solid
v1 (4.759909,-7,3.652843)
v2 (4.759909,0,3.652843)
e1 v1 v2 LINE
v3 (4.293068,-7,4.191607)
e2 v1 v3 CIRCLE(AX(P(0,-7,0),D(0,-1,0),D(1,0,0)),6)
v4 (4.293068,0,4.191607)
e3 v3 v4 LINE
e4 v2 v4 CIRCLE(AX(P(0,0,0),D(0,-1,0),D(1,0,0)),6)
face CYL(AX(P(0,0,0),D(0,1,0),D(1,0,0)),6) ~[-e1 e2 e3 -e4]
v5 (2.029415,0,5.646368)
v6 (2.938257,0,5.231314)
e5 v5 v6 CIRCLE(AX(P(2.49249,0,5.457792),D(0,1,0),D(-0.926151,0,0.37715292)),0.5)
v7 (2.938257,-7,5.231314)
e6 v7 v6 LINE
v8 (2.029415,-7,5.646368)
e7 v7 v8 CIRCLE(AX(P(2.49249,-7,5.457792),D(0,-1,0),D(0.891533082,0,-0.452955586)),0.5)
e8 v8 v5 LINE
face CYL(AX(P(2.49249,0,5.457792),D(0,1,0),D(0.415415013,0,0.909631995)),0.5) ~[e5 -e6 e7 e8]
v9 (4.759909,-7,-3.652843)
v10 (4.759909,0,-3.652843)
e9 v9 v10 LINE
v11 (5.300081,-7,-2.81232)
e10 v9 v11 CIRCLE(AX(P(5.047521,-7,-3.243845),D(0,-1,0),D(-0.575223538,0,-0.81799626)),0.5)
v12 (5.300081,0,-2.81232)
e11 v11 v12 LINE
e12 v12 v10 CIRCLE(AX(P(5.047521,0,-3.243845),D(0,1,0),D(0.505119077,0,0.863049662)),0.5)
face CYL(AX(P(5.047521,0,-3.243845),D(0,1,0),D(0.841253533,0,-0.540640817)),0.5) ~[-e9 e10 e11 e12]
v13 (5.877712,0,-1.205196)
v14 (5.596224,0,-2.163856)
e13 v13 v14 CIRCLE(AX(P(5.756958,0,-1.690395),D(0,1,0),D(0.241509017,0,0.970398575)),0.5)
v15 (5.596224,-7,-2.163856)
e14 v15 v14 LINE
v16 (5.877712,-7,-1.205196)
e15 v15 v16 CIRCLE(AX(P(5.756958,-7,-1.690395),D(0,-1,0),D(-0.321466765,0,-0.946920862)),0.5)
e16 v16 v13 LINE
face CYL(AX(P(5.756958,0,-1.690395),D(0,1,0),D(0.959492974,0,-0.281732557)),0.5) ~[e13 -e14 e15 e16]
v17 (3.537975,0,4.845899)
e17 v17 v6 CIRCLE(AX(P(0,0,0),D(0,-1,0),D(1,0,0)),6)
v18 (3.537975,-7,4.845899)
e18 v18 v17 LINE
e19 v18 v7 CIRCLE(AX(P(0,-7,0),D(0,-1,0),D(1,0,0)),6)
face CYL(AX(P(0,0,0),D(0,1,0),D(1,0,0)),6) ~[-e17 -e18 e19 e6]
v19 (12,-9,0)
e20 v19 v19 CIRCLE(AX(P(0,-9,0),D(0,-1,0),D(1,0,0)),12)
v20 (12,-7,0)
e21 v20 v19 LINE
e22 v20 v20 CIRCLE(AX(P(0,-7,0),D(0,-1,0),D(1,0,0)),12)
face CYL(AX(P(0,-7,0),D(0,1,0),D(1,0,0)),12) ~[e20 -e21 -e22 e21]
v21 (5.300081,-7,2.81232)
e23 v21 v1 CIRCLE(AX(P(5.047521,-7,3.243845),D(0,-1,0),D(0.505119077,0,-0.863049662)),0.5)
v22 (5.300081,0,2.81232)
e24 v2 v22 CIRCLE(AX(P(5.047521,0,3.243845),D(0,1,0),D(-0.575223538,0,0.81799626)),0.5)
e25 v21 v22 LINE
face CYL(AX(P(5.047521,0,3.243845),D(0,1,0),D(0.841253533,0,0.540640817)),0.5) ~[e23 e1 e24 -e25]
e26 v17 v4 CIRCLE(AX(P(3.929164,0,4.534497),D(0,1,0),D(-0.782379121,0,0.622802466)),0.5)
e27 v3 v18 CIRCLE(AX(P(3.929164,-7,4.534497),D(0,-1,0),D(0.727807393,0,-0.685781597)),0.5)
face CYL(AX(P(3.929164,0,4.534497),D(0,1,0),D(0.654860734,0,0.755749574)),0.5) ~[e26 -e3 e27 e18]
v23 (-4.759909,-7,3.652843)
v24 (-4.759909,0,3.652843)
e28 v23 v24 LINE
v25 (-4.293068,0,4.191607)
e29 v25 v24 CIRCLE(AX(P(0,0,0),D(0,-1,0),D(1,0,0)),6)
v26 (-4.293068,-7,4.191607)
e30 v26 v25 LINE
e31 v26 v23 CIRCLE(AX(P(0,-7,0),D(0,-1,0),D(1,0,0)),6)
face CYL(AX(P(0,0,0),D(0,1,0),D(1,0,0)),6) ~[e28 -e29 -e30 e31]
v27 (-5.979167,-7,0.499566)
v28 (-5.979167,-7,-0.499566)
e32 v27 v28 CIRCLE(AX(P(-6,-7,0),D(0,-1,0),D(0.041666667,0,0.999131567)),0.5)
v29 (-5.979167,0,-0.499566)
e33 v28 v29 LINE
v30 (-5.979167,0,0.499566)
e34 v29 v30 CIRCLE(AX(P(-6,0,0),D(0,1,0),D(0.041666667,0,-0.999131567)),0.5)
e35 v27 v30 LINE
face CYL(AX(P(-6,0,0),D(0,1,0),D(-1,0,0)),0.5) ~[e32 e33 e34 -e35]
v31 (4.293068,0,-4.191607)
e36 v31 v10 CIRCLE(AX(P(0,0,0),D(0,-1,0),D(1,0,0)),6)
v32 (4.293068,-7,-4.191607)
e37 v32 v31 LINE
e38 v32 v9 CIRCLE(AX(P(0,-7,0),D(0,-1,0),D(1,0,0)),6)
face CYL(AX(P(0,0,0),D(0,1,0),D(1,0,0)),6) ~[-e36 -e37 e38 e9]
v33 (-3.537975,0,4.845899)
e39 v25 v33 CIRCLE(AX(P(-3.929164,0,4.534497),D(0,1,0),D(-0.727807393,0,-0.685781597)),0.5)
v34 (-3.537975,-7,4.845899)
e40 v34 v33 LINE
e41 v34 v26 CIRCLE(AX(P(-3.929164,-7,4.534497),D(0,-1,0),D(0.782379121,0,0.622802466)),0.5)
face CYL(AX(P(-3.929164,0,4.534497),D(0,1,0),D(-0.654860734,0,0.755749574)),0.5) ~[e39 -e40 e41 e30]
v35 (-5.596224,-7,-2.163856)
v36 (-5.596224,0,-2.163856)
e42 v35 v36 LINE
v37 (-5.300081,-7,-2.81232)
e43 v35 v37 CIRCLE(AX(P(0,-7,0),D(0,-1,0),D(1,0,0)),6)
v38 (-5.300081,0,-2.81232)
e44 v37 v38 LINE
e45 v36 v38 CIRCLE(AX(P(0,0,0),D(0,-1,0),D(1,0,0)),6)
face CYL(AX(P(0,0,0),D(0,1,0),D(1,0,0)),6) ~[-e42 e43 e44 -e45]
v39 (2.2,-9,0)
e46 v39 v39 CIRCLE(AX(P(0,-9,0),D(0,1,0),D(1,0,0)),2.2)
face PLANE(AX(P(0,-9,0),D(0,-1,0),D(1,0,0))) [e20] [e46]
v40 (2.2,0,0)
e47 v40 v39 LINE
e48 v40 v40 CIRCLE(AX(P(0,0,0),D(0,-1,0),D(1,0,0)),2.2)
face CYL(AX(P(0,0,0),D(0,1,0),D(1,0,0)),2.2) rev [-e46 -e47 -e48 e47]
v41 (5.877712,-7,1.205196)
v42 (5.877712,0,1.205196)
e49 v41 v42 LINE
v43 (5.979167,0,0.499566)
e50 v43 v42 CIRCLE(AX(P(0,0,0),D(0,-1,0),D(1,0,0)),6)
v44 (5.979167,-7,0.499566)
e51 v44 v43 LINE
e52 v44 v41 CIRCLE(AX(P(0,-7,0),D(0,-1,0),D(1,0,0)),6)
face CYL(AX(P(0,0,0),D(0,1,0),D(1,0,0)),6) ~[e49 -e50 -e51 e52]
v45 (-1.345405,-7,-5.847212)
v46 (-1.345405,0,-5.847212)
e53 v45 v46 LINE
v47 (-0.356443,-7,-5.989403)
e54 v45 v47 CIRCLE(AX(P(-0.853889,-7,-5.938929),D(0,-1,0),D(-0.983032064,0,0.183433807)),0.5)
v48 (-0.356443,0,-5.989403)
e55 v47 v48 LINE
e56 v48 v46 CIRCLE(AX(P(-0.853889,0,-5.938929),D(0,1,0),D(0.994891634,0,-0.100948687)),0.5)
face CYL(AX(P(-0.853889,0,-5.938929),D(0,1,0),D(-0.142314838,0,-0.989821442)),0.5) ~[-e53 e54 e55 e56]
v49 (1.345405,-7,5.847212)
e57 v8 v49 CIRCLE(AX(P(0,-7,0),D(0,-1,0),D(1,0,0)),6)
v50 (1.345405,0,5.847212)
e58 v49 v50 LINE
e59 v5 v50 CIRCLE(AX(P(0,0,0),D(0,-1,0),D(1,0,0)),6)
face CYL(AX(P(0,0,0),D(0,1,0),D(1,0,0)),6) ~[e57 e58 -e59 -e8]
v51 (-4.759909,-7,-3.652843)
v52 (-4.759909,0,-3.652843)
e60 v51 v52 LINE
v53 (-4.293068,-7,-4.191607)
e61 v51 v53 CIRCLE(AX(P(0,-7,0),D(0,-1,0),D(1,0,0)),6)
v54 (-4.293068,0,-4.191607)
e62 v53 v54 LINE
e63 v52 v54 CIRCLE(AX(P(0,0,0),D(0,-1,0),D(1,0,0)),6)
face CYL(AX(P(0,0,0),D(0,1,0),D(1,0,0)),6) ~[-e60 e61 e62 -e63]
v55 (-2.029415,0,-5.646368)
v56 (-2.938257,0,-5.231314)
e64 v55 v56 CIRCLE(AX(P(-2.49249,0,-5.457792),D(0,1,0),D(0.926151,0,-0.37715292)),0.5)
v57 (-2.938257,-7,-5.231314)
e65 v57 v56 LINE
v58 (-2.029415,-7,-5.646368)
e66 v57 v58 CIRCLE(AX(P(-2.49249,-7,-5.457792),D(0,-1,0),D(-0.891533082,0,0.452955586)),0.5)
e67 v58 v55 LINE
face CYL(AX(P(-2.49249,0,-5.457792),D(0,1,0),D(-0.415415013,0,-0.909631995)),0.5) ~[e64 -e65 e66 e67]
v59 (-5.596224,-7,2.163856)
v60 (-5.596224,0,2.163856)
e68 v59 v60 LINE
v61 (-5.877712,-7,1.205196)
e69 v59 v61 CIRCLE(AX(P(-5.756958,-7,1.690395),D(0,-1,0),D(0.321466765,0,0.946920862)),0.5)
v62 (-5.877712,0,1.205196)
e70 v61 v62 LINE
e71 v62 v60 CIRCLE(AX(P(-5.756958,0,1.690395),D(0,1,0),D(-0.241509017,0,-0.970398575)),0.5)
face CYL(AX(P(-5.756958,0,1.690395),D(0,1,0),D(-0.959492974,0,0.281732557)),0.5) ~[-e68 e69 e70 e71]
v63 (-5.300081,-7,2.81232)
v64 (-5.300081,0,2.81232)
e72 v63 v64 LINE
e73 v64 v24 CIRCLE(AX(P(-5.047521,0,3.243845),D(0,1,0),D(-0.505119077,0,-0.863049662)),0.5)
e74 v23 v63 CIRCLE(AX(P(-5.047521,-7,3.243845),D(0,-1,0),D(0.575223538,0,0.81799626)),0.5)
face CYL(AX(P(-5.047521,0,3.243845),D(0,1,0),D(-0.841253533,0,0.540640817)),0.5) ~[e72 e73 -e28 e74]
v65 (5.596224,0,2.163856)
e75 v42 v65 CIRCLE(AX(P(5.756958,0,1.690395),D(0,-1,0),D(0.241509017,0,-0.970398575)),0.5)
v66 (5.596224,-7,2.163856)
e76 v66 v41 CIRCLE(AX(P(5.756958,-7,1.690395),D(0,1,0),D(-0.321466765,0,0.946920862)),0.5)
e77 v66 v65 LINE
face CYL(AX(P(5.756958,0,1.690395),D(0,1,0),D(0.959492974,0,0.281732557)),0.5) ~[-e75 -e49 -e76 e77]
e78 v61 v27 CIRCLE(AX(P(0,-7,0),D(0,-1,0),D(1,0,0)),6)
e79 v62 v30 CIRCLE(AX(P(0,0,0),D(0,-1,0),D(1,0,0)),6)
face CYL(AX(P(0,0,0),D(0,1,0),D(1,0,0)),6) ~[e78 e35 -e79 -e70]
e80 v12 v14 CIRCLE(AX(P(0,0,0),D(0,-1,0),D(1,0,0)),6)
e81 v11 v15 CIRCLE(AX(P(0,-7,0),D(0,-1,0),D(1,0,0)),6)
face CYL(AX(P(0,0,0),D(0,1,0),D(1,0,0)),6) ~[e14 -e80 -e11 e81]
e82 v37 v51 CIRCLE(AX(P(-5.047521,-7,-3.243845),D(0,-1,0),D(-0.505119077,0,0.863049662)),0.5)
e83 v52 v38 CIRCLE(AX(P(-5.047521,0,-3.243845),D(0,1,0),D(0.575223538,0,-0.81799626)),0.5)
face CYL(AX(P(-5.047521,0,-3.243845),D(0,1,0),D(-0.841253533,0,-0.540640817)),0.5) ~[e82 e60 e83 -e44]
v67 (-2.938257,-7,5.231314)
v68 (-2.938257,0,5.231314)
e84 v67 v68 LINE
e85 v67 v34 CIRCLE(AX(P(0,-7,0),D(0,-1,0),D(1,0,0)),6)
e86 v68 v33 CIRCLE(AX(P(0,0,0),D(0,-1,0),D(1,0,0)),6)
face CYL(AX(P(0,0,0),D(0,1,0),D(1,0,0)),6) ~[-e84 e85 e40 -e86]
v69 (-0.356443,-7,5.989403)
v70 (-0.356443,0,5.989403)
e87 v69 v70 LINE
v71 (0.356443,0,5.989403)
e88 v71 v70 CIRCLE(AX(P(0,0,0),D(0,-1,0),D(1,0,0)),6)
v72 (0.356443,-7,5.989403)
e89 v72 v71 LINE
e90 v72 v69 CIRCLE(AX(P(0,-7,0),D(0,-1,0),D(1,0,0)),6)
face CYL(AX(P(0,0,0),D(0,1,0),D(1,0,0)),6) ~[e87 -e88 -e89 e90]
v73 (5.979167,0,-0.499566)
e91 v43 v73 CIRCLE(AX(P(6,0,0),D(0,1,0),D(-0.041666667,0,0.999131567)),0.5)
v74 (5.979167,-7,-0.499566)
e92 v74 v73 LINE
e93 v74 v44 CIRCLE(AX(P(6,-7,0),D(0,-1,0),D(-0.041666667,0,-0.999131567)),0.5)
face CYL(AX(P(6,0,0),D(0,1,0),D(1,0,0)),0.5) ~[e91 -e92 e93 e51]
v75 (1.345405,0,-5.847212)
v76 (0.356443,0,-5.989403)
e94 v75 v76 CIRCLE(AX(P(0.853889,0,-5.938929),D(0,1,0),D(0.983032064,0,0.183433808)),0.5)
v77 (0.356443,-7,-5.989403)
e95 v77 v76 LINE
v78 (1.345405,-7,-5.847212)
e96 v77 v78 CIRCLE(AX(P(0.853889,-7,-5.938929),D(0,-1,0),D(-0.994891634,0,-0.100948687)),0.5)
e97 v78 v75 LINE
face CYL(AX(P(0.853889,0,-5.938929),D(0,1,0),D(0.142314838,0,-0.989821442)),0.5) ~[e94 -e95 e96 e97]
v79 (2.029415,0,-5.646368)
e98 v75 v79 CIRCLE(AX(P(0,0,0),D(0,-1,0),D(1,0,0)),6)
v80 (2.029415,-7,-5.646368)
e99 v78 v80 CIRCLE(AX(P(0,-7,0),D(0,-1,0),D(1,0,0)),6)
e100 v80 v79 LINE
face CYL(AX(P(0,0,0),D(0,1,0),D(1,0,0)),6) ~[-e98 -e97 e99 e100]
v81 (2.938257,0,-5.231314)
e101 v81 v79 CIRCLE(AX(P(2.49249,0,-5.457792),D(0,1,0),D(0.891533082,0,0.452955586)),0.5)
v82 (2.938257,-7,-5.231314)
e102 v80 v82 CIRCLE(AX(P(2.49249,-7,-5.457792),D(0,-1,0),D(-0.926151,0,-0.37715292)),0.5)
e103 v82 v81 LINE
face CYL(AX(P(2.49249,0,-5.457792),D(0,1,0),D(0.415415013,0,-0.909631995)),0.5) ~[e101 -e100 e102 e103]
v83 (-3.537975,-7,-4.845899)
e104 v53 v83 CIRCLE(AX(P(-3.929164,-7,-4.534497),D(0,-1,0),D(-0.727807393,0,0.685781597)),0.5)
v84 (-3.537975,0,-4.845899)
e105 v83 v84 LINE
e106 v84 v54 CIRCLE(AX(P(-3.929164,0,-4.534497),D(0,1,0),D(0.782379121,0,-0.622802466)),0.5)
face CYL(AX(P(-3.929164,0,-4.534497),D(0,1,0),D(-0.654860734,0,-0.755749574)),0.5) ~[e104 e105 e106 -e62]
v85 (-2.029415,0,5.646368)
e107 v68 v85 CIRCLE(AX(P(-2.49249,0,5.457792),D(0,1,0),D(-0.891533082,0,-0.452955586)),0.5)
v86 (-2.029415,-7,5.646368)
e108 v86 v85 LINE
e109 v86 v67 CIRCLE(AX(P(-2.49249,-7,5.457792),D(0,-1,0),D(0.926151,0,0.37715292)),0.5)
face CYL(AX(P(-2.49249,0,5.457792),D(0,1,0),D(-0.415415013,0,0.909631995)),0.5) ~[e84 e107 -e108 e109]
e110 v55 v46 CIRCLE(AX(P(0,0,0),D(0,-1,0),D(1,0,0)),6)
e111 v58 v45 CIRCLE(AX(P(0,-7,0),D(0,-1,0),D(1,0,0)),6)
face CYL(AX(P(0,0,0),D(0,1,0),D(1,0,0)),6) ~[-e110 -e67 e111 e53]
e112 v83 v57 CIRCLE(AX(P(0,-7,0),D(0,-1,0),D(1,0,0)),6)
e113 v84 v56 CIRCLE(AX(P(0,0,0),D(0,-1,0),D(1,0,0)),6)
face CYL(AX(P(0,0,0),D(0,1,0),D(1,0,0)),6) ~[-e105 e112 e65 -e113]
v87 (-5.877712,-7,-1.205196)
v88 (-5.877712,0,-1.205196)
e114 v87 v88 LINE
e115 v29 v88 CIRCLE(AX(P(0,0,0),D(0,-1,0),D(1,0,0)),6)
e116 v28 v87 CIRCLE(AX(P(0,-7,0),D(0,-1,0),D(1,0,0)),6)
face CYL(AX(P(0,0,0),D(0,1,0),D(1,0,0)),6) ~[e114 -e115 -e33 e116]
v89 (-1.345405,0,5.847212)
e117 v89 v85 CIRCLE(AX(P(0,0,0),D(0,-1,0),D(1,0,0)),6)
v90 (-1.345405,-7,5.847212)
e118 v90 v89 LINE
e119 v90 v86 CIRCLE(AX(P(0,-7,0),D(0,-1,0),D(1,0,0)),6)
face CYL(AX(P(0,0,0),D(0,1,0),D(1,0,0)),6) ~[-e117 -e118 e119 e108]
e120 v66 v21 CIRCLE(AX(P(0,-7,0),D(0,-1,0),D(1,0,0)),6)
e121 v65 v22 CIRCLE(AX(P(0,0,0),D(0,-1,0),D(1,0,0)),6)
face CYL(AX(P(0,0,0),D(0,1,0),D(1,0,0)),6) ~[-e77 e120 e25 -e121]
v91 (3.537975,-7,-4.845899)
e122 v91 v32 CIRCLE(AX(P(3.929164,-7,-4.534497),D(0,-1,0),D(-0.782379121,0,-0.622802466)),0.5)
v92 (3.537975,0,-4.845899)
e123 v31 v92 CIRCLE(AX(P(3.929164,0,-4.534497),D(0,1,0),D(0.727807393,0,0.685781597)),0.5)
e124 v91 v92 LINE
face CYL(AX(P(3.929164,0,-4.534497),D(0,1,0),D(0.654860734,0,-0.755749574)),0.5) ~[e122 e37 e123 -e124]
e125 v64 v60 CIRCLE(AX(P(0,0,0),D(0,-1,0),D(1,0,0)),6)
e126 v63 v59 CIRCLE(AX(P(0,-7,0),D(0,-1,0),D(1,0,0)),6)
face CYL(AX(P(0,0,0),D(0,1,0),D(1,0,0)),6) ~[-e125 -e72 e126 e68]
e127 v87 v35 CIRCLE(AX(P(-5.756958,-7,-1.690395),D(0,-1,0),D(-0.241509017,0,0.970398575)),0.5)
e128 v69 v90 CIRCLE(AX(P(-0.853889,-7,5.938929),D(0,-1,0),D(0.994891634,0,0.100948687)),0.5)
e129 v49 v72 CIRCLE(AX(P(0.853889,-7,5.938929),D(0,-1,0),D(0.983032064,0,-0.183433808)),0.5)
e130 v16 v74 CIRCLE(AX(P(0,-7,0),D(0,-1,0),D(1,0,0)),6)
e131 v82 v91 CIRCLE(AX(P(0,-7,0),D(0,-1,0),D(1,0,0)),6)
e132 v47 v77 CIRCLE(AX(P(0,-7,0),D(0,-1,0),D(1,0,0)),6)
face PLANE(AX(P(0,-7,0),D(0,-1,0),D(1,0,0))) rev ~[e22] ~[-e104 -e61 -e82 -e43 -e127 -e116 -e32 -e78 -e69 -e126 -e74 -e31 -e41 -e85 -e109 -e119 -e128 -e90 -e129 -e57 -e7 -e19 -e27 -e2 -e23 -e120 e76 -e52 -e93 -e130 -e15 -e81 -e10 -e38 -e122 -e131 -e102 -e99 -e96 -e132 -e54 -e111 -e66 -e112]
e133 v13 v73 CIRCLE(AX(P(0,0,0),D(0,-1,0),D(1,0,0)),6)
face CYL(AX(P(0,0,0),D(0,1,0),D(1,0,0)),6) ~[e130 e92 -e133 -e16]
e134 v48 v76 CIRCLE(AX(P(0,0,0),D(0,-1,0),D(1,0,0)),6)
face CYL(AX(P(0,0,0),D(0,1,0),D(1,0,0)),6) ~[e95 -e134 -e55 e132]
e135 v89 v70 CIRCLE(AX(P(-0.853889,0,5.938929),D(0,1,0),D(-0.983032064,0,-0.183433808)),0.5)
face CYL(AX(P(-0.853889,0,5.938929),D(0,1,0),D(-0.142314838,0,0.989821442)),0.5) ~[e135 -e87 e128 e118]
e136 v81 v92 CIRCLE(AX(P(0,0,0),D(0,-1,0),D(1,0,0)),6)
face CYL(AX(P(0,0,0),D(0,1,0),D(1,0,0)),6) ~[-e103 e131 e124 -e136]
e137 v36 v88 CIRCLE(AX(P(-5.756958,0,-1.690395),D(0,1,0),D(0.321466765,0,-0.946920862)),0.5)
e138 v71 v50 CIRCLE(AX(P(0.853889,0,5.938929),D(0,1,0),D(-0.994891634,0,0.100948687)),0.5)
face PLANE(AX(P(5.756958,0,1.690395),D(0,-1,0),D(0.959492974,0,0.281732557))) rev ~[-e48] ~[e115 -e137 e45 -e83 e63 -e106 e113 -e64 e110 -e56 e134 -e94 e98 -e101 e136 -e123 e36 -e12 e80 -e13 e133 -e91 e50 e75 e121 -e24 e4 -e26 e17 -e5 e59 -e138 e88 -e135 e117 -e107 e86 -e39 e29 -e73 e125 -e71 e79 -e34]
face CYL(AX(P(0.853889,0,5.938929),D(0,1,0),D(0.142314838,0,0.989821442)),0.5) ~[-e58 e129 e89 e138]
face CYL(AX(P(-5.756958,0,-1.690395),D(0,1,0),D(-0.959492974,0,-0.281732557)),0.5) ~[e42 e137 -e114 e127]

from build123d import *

# Parameters (mm, degrees)
CYLINDER011007_R     = 2.2
CYLINDER011007_DEPTH = 20
CYLINDER011006_R     = 12
CYLINDER011006_DEPTH = 2
CYLINDER011009_R     = 0.5
CYLINDER011009_DEPTH = 7
ARRAY007_COUNT       = 22
CYLINDER011005_R     = 6
CYLINDER011005_DEPTH = 7


with BuildPart() as belt_attach_insert_hole:
    # Cylinder011007 → Cylinder011007 (new body)
    with BuildSketch(Plane.XZ):
        Circle(CYLINDER011007_R)
    extrude(amount=CYLINDER011007_DEPTH)


with BuildPart() as belt_disk:
    # Cylinder011006 → Cylinder011006 (new body)
    with BuildSketch(Plane.XZ.offset(7)):
        Circle(CYLINDER011006_R)
    extrude(amount=CYLINDER011006_DEPTH)


with BuildPart() as belt_pin_array:
    # Cylinder011009 → Cylinder011009 (new body)
    with BuildSketch(Plane(origin=(6, 0, 0), x_dir=(1, 0, 0), z_dir=(0, -1, 0))):
        Circle(CYLINDER011009_R)
    extrude(amount=CYLINDER011009_DEPTH)

    # Array007: belt pin array ×22 about axis
    array007_axis = Axis((0, 0, 0), (0, 1, 0))


with BuildPart() as belt_pin_array_1:
    add(belt_pin_array.part)
    for i in range(1, ARRAY007_COUNT):
        add(belt_pin_array.part.rotate(array007_axis, i * 360 / ARRAY007_COUNT))


with BuildPart() as belt_attach_cut:
    # Cylinder011005 → Cylinder011005 (new body)
    with BuildSketch(Plane.XZ):
        Circle(CYLINDER011005_R)
    extrude(amount=CYLINDER011005_DEPTH)

    # Fusion003: union belt disk, belt pin array
    add(belt_disk.part)
    add(belt_pin_array_1.part)

    # Cut023015009007: cut belt attach insert hole
    add(belt_attach_insert_hole.part, mode=Mode.SUBTRACT)


solid = belt_attach_cut.part
